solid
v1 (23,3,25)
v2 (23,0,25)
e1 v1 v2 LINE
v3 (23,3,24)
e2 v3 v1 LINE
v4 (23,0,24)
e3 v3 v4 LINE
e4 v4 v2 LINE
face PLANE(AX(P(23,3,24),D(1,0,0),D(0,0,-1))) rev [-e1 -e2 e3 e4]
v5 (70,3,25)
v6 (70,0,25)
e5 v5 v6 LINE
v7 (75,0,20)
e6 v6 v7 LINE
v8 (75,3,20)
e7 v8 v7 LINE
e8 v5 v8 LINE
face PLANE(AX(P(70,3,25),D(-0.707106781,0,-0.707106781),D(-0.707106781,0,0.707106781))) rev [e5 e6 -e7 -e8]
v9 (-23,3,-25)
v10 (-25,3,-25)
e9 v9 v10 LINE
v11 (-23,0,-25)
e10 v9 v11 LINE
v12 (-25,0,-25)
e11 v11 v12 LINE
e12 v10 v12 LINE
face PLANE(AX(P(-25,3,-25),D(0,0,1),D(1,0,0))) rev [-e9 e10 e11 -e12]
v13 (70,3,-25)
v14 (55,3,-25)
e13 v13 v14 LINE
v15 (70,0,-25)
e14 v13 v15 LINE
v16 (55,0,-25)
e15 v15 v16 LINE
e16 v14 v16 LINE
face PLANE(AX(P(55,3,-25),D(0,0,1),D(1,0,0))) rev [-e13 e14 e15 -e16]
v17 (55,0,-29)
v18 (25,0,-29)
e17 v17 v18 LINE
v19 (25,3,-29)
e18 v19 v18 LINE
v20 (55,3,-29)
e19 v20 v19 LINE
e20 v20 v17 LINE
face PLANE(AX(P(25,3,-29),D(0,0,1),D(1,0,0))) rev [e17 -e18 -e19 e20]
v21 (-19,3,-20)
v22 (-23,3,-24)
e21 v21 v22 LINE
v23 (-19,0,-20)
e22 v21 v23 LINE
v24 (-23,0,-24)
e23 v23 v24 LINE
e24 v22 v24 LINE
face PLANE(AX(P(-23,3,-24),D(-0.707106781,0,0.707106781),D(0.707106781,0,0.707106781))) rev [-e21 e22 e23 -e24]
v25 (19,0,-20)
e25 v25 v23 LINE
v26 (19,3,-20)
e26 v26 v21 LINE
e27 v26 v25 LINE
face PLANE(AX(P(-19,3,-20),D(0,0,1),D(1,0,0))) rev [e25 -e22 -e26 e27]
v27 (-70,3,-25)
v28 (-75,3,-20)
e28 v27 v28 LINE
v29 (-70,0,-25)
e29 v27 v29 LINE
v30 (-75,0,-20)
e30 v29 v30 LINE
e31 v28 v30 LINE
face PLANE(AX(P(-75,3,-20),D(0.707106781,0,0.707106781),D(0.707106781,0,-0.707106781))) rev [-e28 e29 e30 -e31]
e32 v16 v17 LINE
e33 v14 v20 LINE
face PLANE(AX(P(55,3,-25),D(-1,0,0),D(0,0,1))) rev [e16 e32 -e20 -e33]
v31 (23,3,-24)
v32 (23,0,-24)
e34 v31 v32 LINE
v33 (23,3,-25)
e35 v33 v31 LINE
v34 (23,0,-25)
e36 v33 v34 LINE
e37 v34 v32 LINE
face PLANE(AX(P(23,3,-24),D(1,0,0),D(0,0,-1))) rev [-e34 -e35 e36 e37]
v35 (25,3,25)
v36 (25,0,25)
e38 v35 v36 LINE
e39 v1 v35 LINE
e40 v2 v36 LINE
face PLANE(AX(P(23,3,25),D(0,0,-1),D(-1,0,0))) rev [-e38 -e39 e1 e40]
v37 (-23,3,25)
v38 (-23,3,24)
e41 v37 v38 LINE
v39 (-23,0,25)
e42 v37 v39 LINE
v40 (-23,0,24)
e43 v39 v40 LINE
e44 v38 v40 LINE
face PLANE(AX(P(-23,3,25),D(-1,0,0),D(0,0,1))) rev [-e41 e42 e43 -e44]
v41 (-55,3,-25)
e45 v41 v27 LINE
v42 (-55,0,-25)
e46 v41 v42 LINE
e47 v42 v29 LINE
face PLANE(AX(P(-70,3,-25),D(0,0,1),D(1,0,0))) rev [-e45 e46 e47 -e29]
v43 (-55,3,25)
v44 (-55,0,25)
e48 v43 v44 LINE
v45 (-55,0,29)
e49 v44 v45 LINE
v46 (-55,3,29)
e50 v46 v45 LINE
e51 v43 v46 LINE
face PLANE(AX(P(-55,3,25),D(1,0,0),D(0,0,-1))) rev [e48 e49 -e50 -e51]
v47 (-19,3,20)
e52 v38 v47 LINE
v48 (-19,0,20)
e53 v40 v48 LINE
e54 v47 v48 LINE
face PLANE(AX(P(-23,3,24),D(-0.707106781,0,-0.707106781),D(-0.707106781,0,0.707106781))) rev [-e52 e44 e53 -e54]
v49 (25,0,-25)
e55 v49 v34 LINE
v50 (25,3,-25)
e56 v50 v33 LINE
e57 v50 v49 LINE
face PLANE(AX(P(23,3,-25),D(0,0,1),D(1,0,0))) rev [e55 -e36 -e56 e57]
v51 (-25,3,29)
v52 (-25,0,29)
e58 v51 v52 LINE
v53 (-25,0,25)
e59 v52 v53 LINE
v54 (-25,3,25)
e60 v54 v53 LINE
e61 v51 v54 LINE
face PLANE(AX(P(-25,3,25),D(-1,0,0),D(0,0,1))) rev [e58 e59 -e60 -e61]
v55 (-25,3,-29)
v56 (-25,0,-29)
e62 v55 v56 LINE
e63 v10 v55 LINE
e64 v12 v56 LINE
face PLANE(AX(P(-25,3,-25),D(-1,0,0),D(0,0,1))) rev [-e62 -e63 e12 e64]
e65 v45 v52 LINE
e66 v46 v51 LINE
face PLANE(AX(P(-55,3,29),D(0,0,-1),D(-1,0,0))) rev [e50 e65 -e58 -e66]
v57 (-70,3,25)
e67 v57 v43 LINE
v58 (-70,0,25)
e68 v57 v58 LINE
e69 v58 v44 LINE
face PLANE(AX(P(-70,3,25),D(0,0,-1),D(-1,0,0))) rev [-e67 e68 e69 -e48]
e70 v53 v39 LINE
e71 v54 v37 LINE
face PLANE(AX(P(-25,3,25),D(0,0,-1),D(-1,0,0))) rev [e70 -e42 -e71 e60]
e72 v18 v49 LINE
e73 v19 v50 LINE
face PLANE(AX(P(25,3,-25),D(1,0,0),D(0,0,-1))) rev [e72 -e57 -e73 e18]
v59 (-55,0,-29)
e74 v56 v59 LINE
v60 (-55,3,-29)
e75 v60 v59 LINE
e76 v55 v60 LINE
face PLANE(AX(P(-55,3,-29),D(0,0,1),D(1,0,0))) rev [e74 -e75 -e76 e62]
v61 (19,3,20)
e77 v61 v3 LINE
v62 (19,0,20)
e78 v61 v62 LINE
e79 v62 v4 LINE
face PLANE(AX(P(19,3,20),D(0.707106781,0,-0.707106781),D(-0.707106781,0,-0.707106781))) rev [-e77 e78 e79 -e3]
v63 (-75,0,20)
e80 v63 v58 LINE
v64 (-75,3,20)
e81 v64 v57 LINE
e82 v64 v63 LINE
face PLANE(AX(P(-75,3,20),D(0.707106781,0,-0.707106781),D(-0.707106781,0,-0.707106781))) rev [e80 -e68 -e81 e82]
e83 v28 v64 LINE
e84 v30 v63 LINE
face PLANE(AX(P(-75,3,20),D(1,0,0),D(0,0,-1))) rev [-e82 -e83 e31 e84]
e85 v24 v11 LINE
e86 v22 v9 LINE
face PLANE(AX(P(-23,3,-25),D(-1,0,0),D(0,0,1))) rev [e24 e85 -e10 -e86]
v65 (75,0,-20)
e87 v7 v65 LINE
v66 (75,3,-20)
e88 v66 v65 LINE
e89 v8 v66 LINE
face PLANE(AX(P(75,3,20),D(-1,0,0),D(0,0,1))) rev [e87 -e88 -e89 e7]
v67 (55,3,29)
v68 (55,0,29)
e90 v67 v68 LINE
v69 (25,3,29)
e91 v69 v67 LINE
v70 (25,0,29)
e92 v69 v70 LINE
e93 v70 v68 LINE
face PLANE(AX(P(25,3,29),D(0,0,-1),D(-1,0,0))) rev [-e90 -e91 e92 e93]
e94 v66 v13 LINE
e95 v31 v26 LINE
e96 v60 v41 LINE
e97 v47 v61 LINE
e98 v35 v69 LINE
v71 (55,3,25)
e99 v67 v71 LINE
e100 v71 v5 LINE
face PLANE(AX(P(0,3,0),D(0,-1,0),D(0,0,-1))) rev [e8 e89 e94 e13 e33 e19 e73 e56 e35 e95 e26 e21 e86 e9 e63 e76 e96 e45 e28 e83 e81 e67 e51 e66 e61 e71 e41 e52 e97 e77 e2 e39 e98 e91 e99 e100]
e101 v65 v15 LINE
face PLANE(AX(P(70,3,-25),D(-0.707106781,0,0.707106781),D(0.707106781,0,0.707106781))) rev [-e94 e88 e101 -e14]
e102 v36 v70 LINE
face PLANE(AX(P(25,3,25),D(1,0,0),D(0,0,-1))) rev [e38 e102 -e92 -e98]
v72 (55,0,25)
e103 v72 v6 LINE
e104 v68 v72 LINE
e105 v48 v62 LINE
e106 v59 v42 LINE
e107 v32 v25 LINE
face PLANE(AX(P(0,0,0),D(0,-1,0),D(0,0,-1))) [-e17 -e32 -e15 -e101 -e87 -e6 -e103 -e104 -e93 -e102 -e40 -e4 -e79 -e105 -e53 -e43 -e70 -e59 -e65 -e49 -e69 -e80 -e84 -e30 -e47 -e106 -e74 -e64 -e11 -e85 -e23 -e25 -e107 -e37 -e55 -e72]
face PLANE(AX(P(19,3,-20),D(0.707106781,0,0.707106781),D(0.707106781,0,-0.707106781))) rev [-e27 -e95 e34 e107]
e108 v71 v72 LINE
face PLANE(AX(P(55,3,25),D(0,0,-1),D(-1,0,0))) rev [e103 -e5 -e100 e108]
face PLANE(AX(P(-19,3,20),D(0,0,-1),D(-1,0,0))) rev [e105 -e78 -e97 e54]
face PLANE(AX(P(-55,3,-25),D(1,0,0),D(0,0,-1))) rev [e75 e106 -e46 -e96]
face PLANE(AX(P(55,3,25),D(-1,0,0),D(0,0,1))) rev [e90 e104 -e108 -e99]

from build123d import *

# Parameters (mm, degrees)
SALIENTE_EXTRUIR1_DEPTH = 3


with BuildPart() as part:
    # Croquis1 → Saliente-Extruir1 (new body)
    with BuildSketch(Plane(origin=(0, 0, 0), x_dir=(1, 0, 0), z_dir=(0, 1, 0))):
        Polygon((-70, -25), (-55, -25), (-55, -29), (-25, -29), (-25, -25), (-23, -25), (-23, -24), (-19, -20), (19, -20), (23, -24), (23, -25), (25, -25), (25, -29), (55, -29), (55, -25), (70, -25), (75, -20), (75, 20), (70, 25), (55, 25), (55, 29), (25, 29), (25, 25), (23, 25), (23, 24), (19, 20), (-19, 20), (-23, 24), (-23, 25), (-25, 25), (-25, 29), (-55, 29), (-55, 25), (-70, 25), (-75, 20), (-75, -20), align=None)
    extrude(amount=SALIENTE_EXTRUIR1_DEPTH)


solid = part.part
